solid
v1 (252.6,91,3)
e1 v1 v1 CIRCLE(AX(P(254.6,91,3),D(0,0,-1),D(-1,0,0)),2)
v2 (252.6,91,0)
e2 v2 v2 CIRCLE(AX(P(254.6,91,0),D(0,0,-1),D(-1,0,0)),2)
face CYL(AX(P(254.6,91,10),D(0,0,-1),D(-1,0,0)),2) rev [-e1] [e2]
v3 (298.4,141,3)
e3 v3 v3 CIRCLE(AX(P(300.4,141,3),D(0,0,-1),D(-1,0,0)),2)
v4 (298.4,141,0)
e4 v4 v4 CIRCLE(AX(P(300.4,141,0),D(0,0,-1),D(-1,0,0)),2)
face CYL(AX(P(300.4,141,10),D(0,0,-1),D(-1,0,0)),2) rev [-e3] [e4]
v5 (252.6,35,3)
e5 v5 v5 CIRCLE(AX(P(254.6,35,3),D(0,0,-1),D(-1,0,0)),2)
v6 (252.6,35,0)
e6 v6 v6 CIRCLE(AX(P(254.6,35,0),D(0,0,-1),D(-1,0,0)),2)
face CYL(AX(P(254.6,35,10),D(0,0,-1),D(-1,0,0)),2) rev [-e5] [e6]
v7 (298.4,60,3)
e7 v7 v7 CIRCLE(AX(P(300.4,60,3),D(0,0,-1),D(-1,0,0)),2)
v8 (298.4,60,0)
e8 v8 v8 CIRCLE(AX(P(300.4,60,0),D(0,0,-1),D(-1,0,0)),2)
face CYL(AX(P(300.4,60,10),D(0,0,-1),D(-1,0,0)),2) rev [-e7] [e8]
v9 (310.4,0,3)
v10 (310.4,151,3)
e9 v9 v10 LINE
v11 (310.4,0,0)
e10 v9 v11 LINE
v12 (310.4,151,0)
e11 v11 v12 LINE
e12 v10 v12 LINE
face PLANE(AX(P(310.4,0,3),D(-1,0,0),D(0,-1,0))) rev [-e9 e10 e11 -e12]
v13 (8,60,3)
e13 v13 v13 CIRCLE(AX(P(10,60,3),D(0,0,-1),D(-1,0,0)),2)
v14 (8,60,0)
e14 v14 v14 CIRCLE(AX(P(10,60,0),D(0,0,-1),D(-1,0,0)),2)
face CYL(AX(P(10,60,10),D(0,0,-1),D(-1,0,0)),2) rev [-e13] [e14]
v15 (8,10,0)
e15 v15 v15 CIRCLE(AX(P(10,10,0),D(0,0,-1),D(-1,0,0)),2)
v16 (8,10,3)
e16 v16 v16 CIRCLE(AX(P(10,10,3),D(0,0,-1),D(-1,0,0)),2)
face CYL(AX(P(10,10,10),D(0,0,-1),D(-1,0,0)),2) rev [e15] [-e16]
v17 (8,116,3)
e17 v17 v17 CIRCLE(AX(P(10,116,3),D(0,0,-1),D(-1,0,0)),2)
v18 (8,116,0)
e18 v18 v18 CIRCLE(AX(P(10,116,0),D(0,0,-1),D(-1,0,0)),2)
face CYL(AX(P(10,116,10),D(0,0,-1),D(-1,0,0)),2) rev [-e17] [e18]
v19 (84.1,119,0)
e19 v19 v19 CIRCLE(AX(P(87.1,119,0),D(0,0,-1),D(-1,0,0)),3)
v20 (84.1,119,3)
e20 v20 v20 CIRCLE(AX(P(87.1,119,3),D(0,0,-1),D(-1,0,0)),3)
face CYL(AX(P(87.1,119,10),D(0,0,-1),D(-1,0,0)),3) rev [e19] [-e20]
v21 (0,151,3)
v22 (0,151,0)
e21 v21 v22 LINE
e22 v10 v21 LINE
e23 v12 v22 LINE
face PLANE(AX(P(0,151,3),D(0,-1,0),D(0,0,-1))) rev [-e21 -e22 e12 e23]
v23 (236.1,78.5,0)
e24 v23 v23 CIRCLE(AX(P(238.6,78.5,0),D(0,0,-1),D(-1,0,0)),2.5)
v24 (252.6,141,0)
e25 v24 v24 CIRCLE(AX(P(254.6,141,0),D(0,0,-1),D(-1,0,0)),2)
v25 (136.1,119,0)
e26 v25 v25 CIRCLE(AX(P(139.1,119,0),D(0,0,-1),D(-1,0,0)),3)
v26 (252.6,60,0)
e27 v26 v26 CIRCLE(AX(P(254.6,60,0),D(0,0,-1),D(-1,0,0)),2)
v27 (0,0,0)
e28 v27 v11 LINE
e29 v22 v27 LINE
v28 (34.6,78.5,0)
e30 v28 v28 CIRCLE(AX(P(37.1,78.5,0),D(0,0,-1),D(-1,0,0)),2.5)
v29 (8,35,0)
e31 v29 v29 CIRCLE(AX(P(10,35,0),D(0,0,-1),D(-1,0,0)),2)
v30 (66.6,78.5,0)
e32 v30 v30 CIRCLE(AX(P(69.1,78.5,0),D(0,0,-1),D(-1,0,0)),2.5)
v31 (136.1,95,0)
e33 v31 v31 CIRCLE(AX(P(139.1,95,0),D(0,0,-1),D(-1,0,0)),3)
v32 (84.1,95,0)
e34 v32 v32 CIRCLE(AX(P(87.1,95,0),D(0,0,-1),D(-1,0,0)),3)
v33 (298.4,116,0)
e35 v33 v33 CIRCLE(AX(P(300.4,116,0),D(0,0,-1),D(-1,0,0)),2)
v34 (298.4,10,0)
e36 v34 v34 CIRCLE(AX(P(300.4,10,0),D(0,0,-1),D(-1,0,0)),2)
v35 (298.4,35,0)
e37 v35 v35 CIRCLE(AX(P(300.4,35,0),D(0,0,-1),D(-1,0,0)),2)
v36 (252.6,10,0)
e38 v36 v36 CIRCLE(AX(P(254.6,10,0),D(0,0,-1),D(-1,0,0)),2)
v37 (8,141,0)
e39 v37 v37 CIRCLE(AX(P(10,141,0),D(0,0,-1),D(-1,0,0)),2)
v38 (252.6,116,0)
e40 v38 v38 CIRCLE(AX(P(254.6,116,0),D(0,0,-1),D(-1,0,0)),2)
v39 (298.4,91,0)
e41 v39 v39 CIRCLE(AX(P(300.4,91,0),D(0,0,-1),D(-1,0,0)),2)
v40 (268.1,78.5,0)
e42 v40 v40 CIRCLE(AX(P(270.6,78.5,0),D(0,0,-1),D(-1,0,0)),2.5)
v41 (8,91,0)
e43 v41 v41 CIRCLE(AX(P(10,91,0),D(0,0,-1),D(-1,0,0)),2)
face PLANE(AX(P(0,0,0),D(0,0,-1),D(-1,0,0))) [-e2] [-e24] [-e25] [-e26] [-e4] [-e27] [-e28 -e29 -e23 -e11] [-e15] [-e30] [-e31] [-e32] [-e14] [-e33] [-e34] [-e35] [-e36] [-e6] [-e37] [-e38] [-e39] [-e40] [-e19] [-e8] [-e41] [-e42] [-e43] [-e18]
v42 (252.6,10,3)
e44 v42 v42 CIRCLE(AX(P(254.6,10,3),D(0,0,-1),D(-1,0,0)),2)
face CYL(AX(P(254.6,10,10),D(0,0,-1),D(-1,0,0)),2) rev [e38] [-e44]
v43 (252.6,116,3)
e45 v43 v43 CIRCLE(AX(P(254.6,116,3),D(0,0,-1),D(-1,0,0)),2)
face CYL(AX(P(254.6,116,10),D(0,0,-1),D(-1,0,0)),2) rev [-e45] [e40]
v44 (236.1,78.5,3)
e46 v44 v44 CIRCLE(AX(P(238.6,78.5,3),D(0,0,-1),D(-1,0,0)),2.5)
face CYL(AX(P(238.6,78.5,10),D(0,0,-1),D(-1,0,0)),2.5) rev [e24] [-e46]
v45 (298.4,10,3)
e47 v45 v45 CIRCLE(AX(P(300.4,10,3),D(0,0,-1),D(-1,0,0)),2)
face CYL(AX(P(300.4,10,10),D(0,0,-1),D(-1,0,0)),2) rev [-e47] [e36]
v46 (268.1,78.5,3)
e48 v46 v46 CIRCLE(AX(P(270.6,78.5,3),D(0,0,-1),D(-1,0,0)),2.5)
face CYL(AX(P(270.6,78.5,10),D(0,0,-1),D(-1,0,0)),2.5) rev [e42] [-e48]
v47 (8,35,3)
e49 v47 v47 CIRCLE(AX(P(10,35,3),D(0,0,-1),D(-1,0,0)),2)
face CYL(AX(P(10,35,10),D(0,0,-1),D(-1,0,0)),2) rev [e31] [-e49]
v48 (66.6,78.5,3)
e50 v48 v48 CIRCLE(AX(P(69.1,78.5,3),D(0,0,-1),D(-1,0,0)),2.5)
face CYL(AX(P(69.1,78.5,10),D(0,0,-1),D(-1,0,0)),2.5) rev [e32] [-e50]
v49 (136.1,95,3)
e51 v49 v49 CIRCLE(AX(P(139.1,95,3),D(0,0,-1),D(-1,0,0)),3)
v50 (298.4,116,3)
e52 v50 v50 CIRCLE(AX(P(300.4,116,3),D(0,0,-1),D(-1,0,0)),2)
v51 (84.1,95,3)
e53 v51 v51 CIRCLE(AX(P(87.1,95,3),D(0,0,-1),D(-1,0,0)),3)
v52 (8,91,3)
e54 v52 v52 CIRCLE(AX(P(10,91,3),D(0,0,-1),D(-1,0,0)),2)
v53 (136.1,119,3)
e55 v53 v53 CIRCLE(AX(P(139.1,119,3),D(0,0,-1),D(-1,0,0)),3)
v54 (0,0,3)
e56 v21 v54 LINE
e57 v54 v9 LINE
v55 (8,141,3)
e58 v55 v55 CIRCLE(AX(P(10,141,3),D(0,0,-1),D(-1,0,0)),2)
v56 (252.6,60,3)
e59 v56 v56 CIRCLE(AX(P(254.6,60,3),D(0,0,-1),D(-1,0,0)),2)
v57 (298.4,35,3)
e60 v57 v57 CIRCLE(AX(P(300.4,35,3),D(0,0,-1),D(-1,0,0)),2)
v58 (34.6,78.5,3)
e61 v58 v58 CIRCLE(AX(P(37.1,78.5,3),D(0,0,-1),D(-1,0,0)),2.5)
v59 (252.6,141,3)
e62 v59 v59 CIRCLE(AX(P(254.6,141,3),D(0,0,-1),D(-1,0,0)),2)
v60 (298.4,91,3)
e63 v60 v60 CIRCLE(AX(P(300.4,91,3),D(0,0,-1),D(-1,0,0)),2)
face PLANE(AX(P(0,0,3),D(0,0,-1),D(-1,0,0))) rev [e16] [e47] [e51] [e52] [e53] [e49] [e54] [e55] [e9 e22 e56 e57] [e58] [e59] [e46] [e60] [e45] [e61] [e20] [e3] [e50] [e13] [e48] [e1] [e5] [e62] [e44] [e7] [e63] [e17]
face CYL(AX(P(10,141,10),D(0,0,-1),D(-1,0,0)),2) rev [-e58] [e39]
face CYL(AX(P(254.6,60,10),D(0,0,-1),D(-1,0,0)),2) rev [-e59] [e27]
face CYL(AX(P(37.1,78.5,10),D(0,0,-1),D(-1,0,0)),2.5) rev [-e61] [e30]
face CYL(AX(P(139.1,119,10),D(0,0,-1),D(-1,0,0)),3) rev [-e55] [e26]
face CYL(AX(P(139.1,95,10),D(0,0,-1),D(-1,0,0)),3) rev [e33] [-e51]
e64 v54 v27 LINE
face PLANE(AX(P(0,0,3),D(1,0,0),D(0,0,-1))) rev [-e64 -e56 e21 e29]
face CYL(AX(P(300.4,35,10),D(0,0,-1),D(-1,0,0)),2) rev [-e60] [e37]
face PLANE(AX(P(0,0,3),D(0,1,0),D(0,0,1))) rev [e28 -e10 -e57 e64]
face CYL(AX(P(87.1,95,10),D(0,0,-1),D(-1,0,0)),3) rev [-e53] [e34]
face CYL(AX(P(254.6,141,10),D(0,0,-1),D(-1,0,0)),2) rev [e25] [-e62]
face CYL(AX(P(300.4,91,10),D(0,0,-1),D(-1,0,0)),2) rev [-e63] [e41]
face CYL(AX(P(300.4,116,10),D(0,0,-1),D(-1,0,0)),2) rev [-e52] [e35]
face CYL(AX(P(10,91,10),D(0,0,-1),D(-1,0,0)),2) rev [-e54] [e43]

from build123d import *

# Parameters (mm, degrees)
SKIZZE1_W                       = 310.4
SKIZZE1_H                       = 151
AUFSATZ_LINEAR_AUSTRAGEN1_DEPTH = 3
SKIZZE2_R                       = 2
SCHNITT_LINEAR_AUSTRAGEN1_DEPTH = 10
SKIZZE3_R                       = 2
SCHNITT_LINEAR_AUSTRAGEN2_DEPTH = 10
SKIZZE4_R                       = 3
SCHNITT_LINEAR_AUSTRAGEN3_DEPTH = 10
SKIZZE5_R                       = 2.5
SCHNITT_LINEAR_AUSTRAGEN4_DEPTH = 10
SKIZZE6_R                       = 2.5
SCHNITT_LINEAR_AUSTRAGEN5_DEPTH = 10


with BuildPart() as part:
    # Skizze1 → Aufsatz-Linear austragen1 (new body)
    with BuildSketch(Plane.XY):
        with Locations((155.2, 75.5)):
            Rectangle(SKIZZE1_W, SKIZZE1_H)
    extrude(amount=AUFSATZ_LINEAR_AUSTRAGEN1_DEPTH)

    # Skizze2 → Schnitt-Linear austragen1 (cut)
    with BuildSketch(Plane(origin=(0, 0, 0), x_dir=(-1, 0, 0), z_dir=(0, 0, -1))):
        with Locations((-300.4, 116)):
            Circle(SKIZZE2_R)
        with Locations((-300.4, 141)):
            Circle(SKIZZE2_R)
        with Locations((-300.4, 60)):
            Circle(SKIZZE2_R)
        with Locations((-300.4, 91)):
            Circle(SKIZZE2_R)
        with Locations((-300.4, 35)):
            Circle(SKIZZE2_R)
        with Locations((-300.4, 10)):
            Circle(SKIZZE2_R)
        with Locations((-10, 141)):
            Circle(SKIZZE2_R)
        with Locations((-10, 116)):
            Circle(SKIZZE2_R)
        with Locations((-10, 91)):
            Circle(SKIZZE2_R)
        with Locations((-10, 60)):
            Circle(SKIZZE2_R)
        with Locations((-10, 35)):
            Circle(SKIZZE2_R)
        with Locations((-10, 10)):
            Circle(SKIZZE2_R)
    extrude(amount=-SCHNITT_LINEAR_AUSTRAGEN1_DEPTH, mode=Mode.SUBTRACT)

    # Skizze3 → Schnitt-Linear austragen2 (cut)
    with BuildSketch(Plane(origin=(0, 0, 0), x_dir=(-1, 0, 0), z_dir=(0, 0, -1))):
        with Locations((-254.6, 10)):
            Circle(SKIZZE3_R)
        with Locations((-254.6, 35)):
            Circle(SKIZZE3_R)
        with Locations((-254.6, 60)):
            Circle(SKIZZE3_R)
        with Locations((-254.6, 91)):
            Circle(SKIZZE3_R)
        with Locations((-254.6, 116)):
            Circle(SKIZZE3_R)
        with Locations((-254.6, 141)):
            Circle(SKIZZE3_R)
    extrude(amount=-SCHNITT_LINEAR_AUSTRAGEN2_DEPTH, mode=Mode.SUBTRACT)

    # Skizze4 → Schnitt-Linear austragen3 (cut)
    with BuildSketch(Plane(origin=(0, 0, 0), x_dir=(-1, 0, 0), z_dir=(0, 0, -1))):
        with Locations((-139.1, 119)):
            Circle(SKIZZE4_R)
        with Locations((-87.1, 119)):
            Circle(SKIZZE4_R)
        with Locations((-139.1, 95)):
            Circle(SKIZZE4_R)
        with Locations((-87.1, 95)):
            Circle(SKIZZE4_R)
    extrude(amount=-SCHNITT_LINEAR_AUSTRAGEN3_DEPTH, mode=Mode.SUBTRACT)

    # Skizze5 → Schnitt-Linear austragen4 (cut)
    with BuildSketch(Plane(origin=(0, 0, 0), x_dir=(-1, 0, 0), z_dir=(0, 0, -1))):
        with Locations((-270.6, 78.5)):
            Circle(SKIZZE5_R)
        with Locations((-238.6, 78.5)):
            Circle(SKIZZE5_R)
    extrude(amount=-SCHNITT_LINEAR_AUSTRAGEN4_DEPTH, mode=Mode.SUBTRACT)

    # Skizze6 → Schnitt-Linear austragen5 (cut)
    with BuildSketch(Plane(origin=(0, 0, 0), x_dir=(-1, 0, 0), z_dir=(0, 0, -1))):
        with Locations((-69.1, 78.5)):
            Circle(SKIZZE6_R)
        with Locations((-37.1, 78.5)):
            Circle(SKIZZE6_R)
    extrude(amount=-SCHNITT_LINEAR_AUSTRAGEN5_DEPTH, mode=Mode.SUBTRACT)


solid = part.part
